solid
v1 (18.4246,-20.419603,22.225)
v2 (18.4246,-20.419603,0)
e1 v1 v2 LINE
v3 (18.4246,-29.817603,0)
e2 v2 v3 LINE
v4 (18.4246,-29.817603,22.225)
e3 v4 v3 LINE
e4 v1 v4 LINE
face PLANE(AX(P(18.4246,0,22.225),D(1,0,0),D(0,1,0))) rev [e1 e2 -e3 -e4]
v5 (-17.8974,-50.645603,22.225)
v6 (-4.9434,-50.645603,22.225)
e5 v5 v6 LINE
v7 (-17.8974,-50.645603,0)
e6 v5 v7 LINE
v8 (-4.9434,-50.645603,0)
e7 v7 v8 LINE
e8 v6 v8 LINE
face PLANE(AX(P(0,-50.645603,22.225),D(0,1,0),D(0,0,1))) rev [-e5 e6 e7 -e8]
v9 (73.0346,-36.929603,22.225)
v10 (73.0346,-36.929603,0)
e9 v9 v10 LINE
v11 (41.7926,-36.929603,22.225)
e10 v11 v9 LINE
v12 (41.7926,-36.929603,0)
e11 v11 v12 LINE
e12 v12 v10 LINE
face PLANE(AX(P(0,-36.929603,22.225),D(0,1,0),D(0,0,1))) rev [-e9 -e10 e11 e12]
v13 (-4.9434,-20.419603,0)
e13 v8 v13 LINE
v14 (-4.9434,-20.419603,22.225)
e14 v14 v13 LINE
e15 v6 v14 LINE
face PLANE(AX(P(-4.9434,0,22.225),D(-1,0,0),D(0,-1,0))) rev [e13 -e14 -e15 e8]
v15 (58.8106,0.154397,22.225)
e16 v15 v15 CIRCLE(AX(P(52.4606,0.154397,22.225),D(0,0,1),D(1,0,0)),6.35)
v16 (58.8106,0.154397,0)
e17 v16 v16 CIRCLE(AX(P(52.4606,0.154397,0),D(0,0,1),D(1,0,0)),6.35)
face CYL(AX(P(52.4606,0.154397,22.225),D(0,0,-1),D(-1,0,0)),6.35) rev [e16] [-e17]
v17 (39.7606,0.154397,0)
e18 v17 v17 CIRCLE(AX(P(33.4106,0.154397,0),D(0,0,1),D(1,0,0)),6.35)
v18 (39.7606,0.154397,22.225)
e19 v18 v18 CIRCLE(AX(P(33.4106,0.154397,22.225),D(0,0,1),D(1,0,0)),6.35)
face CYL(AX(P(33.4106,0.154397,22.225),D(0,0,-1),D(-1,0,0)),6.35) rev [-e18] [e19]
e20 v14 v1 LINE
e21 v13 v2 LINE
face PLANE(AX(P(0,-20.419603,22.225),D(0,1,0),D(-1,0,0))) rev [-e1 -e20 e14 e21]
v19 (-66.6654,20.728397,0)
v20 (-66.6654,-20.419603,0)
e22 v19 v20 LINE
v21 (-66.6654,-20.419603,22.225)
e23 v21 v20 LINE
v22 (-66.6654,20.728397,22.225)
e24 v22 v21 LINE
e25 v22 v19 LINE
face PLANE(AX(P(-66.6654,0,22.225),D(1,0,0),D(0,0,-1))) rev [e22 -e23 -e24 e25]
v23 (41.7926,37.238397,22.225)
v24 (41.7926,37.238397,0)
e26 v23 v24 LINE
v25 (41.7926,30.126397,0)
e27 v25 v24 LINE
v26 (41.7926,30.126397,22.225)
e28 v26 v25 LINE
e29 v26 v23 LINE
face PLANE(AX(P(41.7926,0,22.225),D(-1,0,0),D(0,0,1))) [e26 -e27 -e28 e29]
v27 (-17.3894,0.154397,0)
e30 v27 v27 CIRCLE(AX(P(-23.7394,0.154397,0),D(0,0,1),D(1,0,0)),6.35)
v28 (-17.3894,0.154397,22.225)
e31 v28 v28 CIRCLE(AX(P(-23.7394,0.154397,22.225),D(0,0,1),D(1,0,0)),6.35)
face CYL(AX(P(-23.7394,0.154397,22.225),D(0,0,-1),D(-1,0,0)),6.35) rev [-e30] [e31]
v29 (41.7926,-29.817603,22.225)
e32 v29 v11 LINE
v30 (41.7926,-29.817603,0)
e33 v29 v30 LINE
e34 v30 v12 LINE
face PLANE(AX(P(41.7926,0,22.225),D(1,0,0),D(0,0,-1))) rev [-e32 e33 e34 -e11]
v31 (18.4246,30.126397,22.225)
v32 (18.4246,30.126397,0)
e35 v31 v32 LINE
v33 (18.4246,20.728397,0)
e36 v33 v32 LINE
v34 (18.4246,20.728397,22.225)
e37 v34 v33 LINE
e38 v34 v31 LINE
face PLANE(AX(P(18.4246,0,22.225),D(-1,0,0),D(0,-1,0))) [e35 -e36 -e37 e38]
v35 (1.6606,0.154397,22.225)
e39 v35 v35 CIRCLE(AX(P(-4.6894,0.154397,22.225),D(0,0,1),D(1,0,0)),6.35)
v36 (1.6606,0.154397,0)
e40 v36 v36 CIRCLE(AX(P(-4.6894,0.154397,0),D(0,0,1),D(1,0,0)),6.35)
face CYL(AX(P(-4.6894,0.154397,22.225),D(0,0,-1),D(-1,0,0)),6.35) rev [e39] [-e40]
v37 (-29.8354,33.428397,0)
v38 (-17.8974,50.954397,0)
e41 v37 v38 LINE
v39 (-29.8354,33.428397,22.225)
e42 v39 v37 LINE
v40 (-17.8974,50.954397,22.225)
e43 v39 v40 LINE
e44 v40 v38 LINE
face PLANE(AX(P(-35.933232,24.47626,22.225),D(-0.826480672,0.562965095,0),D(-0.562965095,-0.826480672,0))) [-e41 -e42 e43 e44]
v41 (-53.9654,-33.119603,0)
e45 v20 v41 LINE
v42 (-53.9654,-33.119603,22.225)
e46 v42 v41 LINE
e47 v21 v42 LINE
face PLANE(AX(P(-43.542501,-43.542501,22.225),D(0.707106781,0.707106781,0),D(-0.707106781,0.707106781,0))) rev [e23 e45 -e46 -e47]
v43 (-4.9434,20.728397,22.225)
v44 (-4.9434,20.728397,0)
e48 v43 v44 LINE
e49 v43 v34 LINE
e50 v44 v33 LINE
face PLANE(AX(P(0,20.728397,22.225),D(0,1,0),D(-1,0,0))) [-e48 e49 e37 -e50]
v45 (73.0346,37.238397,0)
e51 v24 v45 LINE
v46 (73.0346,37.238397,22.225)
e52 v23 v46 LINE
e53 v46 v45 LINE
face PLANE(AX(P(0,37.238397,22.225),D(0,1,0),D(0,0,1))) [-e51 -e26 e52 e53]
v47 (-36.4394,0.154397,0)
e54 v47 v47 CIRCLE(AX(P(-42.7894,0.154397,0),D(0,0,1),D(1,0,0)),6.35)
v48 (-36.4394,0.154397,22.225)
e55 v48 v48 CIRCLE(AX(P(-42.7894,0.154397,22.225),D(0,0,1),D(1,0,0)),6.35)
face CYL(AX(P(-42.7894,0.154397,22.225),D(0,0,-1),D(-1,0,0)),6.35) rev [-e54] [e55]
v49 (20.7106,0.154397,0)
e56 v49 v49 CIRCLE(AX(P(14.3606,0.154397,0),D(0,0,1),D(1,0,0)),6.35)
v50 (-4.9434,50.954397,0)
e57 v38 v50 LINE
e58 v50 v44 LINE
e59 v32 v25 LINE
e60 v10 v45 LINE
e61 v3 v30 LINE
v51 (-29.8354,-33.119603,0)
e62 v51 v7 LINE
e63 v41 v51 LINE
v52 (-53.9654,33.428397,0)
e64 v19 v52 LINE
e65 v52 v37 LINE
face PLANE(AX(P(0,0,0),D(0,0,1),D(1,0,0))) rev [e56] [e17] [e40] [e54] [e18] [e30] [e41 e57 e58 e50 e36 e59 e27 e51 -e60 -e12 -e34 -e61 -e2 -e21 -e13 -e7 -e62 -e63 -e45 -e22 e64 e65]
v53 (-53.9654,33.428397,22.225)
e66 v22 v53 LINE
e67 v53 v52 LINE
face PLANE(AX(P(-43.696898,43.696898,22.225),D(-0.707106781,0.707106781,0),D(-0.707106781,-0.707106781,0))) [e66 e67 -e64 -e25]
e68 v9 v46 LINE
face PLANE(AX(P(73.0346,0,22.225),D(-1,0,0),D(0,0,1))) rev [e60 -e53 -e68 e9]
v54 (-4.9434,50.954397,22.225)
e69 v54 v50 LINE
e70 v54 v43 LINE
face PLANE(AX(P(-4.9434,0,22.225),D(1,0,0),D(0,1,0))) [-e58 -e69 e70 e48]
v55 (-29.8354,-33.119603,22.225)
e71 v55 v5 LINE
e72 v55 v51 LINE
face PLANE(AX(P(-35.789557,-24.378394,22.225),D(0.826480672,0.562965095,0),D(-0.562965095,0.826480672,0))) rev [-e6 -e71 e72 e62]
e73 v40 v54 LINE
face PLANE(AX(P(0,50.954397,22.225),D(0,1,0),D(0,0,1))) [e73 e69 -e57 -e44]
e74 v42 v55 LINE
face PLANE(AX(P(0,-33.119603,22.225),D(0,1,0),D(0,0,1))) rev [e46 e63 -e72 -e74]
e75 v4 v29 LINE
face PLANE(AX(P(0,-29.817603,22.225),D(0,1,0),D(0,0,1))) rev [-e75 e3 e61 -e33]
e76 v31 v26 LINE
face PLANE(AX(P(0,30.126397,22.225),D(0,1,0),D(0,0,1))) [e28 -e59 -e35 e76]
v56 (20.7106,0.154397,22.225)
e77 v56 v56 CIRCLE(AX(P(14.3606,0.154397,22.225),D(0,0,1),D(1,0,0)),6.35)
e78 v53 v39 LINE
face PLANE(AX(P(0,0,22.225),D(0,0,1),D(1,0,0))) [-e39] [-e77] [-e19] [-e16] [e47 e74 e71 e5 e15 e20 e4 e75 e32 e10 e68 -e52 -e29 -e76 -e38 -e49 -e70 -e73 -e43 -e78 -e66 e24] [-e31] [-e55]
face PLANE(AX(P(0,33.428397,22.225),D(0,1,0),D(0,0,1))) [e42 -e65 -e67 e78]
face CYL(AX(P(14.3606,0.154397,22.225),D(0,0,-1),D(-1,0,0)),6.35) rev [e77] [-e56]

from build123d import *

# Parameters (mm, degrees)
BOSS_EXTRUDE1_DEPTH = 22.225


with BuildPart() as part:
    # Sketch4 → Boss-Extrude1 (new body)
    with BuildSketch(Plane.XY):
        with BuildLine():
            Line((-49.139399536, 0.154397006), (-66.665399536, 0.154397006))
            Line((-66.665399536, 0.154397006), (-66.665399536, -20.419602994))
            Line((-66.665399536, -20.419602994), (-53.965399536, -33.119602994))
            Line((-53.965399536, -33.119602994), (-29.835399536, -33.119602994))
            Line((-29.835399536, -33.119602994), (-17.897399536, -50.645602994))
            Line((-17.897399536, -50.645602994), (-4.943399536, -50.645602994))
            Line((-4.943399536, -50.645602994), (-4.943399536, -20.419602994))
            Line((-4.943399536, -20.419602994), (18.424600464, -20.419602994))
            Line((18.424600464, -20.419602994), (18.424600464, -29.817602994))
            Line((18.424600464, -29.817602994), (41.792600464, -29.817602994))
            Line((41.792600464, -29.817602994), (41.792600464, -36.929602994))
            Line((41.792600464, -36.929602994), (73.034600464, -36.929602994))
            Line((73.034600464, -36.929602994), (73.034600464, 0.154397006))
            Line((73.034600464, 0.154397006), (58.810600464, 0.154397006))
            ThreePointArc((58.810600464, 0.154397006), (52.460600464, -6.195602994), (46.110600464, 0.154397006))
            Line((46.110600464, 0.154397006), (39.760600464, 0.154397006))
            ThreePointArc((39.760600464, 0.154397006), (33.410600464, -6.195602994), (27.060600464, 0.154397006))
            Line((27.060600464, 0.154397006), (20.710600464, 0.154397006))
            ThreePointArc((20.710600464, 0.154397006), (14.360600464, -6.195602994), (8.010600464, 0.154397006))
            Line((8.010600464, 0.154397006), (1.660600464, 0.154397006))
            ThreePointArc((1.660600464, 0.154397006), (-4.689399536, -6.195602994), (-11.039399536, 0.154397006))
            Line((-11.039399536, 0.154397006), (-17.389399536, 0.154397006))
            ThreePointArc((-17.389399536, 0.154397006), (-23.739399536, -6.195602994), (-30.089399536, 0.154397006))
            Line((-30.089399536, 0.154397006), (-36.439399536, 0.154397006))
            ThreePointArc((-36.439399536, 0.154397006), (-42.789399536, -6.195602994), (-49.139399536, 0.154397006))
        make_face()
        with BuildLine():
            Line((-53.965399536, 33.428397006), (-66.665399536, 20.728397006))
            Line((-66.665399536, 20.728397006), (-66.665399536, 0.154397006))
            Line((-66.665399536, 0.154397006), (-49.139399536, 0.154397006))
            ThreePointArc((-49.139399536, 0.154397006), (-42.789399536, 6.504397006), (-36.439399536, 0.154397006))
            Line((-36.439399536, 0.154397006), (-30.089399536, 0.154397006))
            ThreePointArc((-30.089399536, 0.154397006), (-23.739399536, 6.504397006), (-17.389399536, 0.154397006))
            Line((-17.389399536, 0.154397006), (-11.039399536, 0.154397006))
            ThreePointArc((-11.039399536, 0.154397006), (-4.689399536, 6.504397006), (1.660600464, 0.154397006))
            Line((1.660600464, 0.154397006), (8.010600464, 0.154397006))
            ThreePointArc((8.010600464, 0.154397006), (14.360600464, 6.504397006), (20.710600464, 0.154397006))
            Line((20.710600464, 0.154397006), (27.060600464, 0.154397006))
            ThreePointArc((27.060600464, 0.154397006), (33.410600464, 6.504397006), (39.760600464, 0.154397006))
            Line((39.760600464, 0.154397006), (46.110600464, 0.154397006))
            ThreePointArc((46.110600464, 0.154397006), (52.460600464, 6.504397006), (58.810600464, 0.154397006))
            Line((58.810600464, 0.154397006), (73.034600464, 0.154397006))
            Line((73.034600464, 0.154397006), (73.034600464, 37.238397006))
            Line((73.034600464, 37.238397006), (41.792600464, 37.238397006))
            Line((41.792600464, 37.238397006), (41.792600464, 30.126397006))
            Line((41.792600464, 30.126397006), (18.424600464, 30.126397006))
            Line((18.424600464, 30.126397006), (18.424600464, 20.728397006))
            Line((18.424600464, 20.728397006), (-4.943399536, 20.728397006))
            Line((-4.943399536, 20.728397006), (-4.943399536, 50.954397006))
            Line((-4.943399536, 50.954397006), (-17.897399536, 50.954397006))
            Line((-17.897399536, 50.954397006), (-29.835399536, 33.428397006))
            Line((-29.835399536, 33.428397006), (-53.965399536, 33.428397006))
        make_face()
    extrude(amount=BOSS_EXTRUDE1_DEPTH)


solid = part.part
